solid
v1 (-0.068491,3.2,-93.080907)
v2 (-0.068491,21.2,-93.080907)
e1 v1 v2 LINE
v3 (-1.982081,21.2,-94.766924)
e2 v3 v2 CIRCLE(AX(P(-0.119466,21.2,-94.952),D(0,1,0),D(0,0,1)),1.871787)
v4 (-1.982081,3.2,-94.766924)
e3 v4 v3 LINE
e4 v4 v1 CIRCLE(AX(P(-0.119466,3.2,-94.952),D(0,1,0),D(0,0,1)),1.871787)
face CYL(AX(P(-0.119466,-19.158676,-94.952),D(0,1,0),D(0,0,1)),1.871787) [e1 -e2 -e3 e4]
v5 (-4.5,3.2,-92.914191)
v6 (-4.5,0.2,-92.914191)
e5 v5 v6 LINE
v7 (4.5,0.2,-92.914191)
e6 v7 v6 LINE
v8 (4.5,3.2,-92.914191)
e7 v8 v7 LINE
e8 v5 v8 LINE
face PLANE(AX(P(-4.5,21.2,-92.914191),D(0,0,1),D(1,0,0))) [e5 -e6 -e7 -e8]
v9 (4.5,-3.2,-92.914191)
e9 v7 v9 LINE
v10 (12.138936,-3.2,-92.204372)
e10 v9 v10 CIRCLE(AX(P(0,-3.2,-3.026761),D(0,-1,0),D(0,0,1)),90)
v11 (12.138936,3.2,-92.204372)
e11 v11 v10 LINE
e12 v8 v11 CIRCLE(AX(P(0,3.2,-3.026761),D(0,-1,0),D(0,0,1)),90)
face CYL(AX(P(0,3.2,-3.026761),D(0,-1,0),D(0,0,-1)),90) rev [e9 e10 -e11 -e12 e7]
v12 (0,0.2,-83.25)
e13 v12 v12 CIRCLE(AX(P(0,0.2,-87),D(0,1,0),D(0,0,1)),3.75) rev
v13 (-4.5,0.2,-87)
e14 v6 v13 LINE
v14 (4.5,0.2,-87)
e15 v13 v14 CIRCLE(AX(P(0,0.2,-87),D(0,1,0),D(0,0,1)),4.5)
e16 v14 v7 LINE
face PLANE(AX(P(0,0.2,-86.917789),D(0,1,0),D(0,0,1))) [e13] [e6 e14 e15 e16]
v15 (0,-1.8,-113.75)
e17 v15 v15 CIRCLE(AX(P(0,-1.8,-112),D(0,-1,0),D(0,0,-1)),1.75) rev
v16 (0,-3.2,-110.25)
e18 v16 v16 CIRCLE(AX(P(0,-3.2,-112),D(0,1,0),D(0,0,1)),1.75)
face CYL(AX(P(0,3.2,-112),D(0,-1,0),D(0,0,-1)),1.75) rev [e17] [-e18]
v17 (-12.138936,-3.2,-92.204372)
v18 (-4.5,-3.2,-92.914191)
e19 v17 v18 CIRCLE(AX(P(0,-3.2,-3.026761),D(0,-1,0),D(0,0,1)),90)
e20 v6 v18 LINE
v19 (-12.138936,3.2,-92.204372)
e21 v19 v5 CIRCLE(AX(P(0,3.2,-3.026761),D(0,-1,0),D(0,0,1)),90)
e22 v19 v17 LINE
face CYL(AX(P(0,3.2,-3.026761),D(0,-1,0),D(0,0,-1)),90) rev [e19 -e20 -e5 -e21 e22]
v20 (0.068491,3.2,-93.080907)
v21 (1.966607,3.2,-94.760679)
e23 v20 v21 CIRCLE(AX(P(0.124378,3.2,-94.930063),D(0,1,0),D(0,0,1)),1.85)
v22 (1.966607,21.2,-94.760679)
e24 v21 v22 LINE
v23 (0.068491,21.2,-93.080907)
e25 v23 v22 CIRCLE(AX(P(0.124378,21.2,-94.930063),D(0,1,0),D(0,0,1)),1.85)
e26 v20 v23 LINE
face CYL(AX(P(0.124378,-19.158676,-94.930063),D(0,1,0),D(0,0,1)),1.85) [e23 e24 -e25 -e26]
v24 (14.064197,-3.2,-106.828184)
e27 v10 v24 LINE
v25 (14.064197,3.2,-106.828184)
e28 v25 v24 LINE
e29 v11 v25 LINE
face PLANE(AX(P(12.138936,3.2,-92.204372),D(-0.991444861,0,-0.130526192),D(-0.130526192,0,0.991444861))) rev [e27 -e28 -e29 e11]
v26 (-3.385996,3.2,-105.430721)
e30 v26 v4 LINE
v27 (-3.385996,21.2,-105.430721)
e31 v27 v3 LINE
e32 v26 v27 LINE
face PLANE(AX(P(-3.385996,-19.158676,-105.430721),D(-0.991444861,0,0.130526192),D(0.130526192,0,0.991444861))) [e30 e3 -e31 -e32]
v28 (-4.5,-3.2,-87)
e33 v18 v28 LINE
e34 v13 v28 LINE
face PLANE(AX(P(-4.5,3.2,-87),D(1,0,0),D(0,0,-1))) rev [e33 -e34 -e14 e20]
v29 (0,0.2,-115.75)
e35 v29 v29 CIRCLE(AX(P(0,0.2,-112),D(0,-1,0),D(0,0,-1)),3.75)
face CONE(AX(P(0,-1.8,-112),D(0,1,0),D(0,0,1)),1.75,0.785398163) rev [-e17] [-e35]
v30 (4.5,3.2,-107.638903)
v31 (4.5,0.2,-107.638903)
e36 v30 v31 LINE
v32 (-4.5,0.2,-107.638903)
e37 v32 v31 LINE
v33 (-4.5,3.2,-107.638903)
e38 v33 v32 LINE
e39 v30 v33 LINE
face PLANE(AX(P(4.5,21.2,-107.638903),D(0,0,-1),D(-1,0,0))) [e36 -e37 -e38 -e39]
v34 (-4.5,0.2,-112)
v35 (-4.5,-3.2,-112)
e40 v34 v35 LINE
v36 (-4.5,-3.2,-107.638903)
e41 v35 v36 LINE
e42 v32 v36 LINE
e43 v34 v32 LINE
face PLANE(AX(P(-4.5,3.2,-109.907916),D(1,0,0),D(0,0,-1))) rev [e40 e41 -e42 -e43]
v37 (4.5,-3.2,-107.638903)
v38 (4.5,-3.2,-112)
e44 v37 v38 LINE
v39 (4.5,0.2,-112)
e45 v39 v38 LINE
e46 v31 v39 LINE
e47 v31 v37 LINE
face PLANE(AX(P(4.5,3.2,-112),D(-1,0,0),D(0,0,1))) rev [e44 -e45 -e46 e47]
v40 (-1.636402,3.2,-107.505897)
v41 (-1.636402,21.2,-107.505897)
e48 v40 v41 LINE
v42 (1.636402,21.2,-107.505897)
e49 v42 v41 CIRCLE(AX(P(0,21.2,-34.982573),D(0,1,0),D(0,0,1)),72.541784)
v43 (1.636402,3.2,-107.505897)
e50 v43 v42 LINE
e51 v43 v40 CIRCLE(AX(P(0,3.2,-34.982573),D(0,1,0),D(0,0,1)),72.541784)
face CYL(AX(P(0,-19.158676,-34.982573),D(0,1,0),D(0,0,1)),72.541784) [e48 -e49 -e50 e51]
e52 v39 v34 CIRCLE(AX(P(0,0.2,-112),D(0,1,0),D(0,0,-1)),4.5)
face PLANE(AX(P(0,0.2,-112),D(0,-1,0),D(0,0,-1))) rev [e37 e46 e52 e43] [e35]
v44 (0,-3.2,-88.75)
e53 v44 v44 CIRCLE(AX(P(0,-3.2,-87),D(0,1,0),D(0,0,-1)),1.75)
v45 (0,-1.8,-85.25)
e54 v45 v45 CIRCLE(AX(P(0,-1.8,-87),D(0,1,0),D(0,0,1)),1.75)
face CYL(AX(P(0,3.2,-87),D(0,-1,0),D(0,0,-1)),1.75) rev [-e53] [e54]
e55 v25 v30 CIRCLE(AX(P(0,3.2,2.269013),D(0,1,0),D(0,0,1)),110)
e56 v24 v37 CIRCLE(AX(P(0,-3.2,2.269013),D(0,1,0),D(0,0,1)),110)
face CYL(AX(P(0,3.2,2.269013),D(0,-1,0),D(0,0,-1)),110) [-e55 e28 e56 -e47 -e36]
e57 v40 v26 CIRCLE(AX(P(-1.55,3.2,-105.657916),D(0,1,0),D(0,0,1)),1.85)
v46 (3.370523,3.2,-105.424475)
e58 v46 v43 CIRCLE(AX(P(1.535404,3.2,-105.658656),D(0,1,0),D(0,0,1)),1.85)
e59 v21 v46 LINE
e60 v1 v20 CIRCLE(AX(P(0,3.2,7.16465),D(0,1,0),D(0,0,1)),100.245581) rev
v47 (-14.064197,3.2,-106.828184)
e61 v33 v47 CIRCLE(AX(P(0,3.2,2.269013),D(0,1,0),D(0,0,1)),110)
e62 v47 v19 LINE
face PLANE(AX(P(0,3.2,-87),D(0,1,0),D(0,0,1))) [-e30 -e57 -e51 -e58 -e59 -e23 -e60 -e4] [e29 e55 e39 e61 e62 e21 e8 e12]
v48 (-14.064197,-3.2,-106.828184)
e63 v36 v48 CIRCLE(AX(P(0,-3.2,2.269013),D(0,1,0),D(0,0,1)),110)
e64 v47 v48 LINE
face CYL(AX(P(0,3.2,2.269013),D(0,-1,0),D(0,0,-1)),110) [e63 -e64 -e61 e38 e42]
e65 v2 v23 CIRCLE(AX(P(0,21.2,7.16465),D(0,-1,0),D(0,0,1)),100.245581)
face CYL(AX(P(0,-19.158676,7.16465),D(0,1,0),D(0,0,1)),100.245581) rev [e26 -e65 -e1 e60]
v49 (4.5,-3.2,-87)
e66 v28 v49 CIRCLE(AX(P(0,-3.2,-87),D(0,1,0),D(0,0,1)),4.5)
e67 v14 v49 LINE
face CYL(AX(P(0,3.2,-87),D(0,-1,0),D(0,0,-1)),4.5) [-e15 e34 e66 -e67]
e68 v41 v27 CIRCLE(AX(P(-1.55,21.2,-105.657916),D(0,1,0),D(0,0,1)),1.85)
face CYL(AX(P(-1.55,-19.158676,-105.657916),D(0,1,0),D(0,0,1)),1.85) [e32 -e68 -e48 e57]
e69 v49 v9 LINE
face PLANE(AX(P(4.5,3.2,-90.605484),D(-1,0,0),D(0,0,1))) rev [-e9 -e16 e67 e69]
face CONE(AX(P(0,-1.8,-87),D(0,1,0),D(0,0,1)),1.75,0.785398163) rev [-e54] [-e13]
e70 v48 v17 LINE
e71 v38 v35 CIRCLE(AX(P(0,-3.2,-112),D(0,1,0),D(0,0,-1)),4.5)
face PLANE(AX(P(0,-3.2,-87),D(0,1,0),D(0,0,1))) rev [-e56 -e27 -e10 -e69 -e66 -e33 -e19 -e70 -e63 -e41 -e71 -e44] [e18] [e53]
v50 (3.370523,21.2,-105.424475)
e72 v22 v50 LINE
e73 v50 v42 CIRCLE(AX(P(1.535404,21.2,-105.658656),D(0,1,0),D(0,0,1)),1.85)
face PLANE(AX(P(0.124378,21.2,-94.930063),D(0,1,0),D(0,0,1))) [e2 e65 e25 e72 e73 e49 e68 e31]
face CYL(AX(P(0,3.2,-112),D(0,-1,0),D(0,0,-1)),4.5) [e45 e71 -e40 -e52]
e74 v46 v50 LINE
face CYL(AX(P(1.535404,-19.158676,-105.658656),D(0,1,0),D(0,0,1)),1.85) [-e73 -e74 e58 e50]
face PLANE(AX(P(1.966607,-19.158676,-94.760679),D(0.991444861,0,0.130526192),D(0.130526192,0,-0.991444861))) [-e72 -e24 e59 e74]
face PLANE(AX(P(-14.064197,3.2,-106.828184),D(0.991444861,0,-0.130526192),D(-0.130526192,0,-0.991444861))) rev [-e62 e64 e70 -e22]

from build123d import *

# Parameters (mm, degrees)
SKETCH1_R                = 1.75
BOSS_EXTRUDE1_DEPTH      = 3.2
BOSS_EXTRUDE2_DEPTH      = 18
BOSS_EXTRUDE2_DEPTH_BACK = 6.4
CUT_EXTRUDE1_DEPTH       = 119.718371128
CUT_EXTRUDE1_DEPTH_BACK  = 3
SKETCH4_R                = 1.75
CHAMFER1_SIZE            = 2


with BuildPart() as part:
    # Sketch1 → Boss-Extrude1 (new, symmetric)
    with BuildSketch(Plane(origin=(0, 0, 0), x_dir=(1, 0, 0), z_dir=(0, 1, 0))):
        with BuildLine():
            Line((-14.064197212, 106.828183813), (-12.138935876, 92.204372108))
            ThreePointArc((-12.138935876, 92.204372108), (-8.327034738, 92.640714043), (-4.5, 92.914191088))
            Line((-4.5, 92.914191088), (-4.5, 90.60548378))
            Line((-4.5, 90.60548378), (-4.5, 89.092083998))
            Line((-4.5, 89.092083998), (-4.5, 87))
            ThreePointArc((-4.5, 87), (0, 82.5), (4.5, 87))
            Line((4.5, 87), (4.5, 89.092083998))
            Line((4.5, 89.092083998), (4.5, 90.60548378))
            Line((4.5, 90.60548378), (4.5, 92.914191088))
            ThreePointArc((4.5, 92.914191088), (8.327034738, 92.640714043), (12.138935876, 92.204372108))
            Line((12.138935876, 92.204372108), (14.064197212, 106.828183813))
            ThreePointArc((14.064197212, 106.828183813), (9.290945642, 107.337913445), (4.5, 107.638902983))
            Line((4.5, 107.638902983), (4.5, 109.907916002))
            Line((4.5, 109.907916002), (4.5, 112))
            ThreePointArc((4.5, 112), (0, 116.5), (-4.5, 112))
            Line((-4.5, 112), (-4.5, 109.907916002))
            Line((-4.5, 109.907916002), (-4.5, 107.638902983))
            ThreePointArc((-4.5, 107.638902983), (-9.290945642, 107.337913445), (-14.064197212, 106.828183813))
        make_face()
        with Locations(Location((0, 112, 0), (0, 0, 270))):
            Circle(SKETCH1_R, mode=Mode.SUBTRACT)
        with Locations(Location((0, 87, 0), (0, 0, 90))):
            Circle(SKETCH1_R, mode=Mode.SUBTRACT)
    extrude(amount=BOSS_EXTRUDE1_DEPTH, both=True)

    # Sketch3 → Boss-Extrude2 (add, two sides: drawn at the far end of the back side and taken through both)
    with BuildSketch(Plane(origin=(0, 3.2, 0), x_dir=(1, 0, 0), z_dir=(0, 1, 0)).offset(-BOSS_EXTRUDE2_DEPTH_BACK)):
        with BuildLine():
            Line((1.966607271, 94.760679154), (3.370522681, 105.424475409))
            ThreePointArc((3.370522681, 105.424475409), (2.956747146, 106.842837192), (1.636401853, 107.505897258))
            ThreePointArc((1.636401853, 107.505897258), (0, 107.524356631), (-1.636401853, 107.505897258))
            ThreePointArc((-1.636401853, 107.505897258), (-2.964387866, 106.850395337), (-3.385996272, 105.430720736))
            Line((-3.385996272, 105.430720736), (-1.982080861, 94.766924481))
            ThreePointArc((-1.982080861, 94.766924481), (-1.356871712, 93.547573592), (-0.06849064, 93.080907451))
            ThreePointArc((-0.06849064, 93.080907451), (0, 93.080930849), (0.06849064, 93.080907451))
            ThreePointArc((0.06849064, 93.080907451), (1.350413288, 93.544661639), (1.966607271, 94.760679154))
        make_face()
    extrude(amount=BOSS_EXTRUDE2_DEPTH + BOSS_EXTRUDE2_DEPTH_BACK)

    # Sketch4 → Cut-Extrude1 (cut, two sides: drawn at the far end of the back side and taken through both)
    # profile 1 of 2: a face of its own
    with BuildSketch(Plane(origin=(0, 3.2, 0), x_dir=(1, 0, 0), z_dir=(0, 1, 0)).offset(-CUT_EXTRUDE1_DEPTH_BACK)):
        with BuildLine():
            Line((-4.5, 91.393652938), (-4.5, 87.032555921))
            ThreePointArc((-4.5, 87.032555921), (0, 82.41632562), (4.5, 87.032555921))
            Line((4.5, 87.032555921), (4.5, 91.393652938))
            Line((4.5, 91.393652938), (4.5, 92.914191088))
            Line((4.5, 92.914191088), (-4.5, 92.914191088))
            Line((-4.5, 92.914191088), (-4.5, 91.393652938))
        make_face()
        with Locations(Location((0, 87, 0), (0, 0, 90))):
            Circle(SKETCH4_R, mode=Mode.SUBTRACT)
    # profile 2 of 2: a face of its own
    with BuildSketch(Plane(origin=(0, 3.2, 0), x_dir=(1, 0, 0), z_dir=(0, 1, 0)).offset(-CUT_EXTRUDE1_DEPTH_BACK)):
        with BuildLine():
            Line((4.5, 107.638902983), (-4.5, 107.638902983))
            Line((-4.5, 107.638902983), (-4.5, 112))
            ThreePointArc((-4.5, 112), (0, 116.5), (4.5, 112))
            Line((4.5, 112), (4.5, 107.638902983))
        make_face()
        with Locations(Location((0, 112, 0), (0, 0, 270))):
            Circle(SKETCH4_R, mode=Mode.SUBTRACT)
    extrude(amount=CUT_EXTRUDE1_DEPTH + CUT_EXTRUDE1_DEPTH_BACK, mode=Mode.SUBTRACT)

    # Chamfer1
    chamfer1_edges = [part.edges().sort_by_distance(p)[0] for p in [
        (0, 0.2, -85.25),
        (0, 0.2, -113.75),
    ]]
    chamfer(chamfer1_edges, length=CHAMFER1_SIZE)


solid = part.part
